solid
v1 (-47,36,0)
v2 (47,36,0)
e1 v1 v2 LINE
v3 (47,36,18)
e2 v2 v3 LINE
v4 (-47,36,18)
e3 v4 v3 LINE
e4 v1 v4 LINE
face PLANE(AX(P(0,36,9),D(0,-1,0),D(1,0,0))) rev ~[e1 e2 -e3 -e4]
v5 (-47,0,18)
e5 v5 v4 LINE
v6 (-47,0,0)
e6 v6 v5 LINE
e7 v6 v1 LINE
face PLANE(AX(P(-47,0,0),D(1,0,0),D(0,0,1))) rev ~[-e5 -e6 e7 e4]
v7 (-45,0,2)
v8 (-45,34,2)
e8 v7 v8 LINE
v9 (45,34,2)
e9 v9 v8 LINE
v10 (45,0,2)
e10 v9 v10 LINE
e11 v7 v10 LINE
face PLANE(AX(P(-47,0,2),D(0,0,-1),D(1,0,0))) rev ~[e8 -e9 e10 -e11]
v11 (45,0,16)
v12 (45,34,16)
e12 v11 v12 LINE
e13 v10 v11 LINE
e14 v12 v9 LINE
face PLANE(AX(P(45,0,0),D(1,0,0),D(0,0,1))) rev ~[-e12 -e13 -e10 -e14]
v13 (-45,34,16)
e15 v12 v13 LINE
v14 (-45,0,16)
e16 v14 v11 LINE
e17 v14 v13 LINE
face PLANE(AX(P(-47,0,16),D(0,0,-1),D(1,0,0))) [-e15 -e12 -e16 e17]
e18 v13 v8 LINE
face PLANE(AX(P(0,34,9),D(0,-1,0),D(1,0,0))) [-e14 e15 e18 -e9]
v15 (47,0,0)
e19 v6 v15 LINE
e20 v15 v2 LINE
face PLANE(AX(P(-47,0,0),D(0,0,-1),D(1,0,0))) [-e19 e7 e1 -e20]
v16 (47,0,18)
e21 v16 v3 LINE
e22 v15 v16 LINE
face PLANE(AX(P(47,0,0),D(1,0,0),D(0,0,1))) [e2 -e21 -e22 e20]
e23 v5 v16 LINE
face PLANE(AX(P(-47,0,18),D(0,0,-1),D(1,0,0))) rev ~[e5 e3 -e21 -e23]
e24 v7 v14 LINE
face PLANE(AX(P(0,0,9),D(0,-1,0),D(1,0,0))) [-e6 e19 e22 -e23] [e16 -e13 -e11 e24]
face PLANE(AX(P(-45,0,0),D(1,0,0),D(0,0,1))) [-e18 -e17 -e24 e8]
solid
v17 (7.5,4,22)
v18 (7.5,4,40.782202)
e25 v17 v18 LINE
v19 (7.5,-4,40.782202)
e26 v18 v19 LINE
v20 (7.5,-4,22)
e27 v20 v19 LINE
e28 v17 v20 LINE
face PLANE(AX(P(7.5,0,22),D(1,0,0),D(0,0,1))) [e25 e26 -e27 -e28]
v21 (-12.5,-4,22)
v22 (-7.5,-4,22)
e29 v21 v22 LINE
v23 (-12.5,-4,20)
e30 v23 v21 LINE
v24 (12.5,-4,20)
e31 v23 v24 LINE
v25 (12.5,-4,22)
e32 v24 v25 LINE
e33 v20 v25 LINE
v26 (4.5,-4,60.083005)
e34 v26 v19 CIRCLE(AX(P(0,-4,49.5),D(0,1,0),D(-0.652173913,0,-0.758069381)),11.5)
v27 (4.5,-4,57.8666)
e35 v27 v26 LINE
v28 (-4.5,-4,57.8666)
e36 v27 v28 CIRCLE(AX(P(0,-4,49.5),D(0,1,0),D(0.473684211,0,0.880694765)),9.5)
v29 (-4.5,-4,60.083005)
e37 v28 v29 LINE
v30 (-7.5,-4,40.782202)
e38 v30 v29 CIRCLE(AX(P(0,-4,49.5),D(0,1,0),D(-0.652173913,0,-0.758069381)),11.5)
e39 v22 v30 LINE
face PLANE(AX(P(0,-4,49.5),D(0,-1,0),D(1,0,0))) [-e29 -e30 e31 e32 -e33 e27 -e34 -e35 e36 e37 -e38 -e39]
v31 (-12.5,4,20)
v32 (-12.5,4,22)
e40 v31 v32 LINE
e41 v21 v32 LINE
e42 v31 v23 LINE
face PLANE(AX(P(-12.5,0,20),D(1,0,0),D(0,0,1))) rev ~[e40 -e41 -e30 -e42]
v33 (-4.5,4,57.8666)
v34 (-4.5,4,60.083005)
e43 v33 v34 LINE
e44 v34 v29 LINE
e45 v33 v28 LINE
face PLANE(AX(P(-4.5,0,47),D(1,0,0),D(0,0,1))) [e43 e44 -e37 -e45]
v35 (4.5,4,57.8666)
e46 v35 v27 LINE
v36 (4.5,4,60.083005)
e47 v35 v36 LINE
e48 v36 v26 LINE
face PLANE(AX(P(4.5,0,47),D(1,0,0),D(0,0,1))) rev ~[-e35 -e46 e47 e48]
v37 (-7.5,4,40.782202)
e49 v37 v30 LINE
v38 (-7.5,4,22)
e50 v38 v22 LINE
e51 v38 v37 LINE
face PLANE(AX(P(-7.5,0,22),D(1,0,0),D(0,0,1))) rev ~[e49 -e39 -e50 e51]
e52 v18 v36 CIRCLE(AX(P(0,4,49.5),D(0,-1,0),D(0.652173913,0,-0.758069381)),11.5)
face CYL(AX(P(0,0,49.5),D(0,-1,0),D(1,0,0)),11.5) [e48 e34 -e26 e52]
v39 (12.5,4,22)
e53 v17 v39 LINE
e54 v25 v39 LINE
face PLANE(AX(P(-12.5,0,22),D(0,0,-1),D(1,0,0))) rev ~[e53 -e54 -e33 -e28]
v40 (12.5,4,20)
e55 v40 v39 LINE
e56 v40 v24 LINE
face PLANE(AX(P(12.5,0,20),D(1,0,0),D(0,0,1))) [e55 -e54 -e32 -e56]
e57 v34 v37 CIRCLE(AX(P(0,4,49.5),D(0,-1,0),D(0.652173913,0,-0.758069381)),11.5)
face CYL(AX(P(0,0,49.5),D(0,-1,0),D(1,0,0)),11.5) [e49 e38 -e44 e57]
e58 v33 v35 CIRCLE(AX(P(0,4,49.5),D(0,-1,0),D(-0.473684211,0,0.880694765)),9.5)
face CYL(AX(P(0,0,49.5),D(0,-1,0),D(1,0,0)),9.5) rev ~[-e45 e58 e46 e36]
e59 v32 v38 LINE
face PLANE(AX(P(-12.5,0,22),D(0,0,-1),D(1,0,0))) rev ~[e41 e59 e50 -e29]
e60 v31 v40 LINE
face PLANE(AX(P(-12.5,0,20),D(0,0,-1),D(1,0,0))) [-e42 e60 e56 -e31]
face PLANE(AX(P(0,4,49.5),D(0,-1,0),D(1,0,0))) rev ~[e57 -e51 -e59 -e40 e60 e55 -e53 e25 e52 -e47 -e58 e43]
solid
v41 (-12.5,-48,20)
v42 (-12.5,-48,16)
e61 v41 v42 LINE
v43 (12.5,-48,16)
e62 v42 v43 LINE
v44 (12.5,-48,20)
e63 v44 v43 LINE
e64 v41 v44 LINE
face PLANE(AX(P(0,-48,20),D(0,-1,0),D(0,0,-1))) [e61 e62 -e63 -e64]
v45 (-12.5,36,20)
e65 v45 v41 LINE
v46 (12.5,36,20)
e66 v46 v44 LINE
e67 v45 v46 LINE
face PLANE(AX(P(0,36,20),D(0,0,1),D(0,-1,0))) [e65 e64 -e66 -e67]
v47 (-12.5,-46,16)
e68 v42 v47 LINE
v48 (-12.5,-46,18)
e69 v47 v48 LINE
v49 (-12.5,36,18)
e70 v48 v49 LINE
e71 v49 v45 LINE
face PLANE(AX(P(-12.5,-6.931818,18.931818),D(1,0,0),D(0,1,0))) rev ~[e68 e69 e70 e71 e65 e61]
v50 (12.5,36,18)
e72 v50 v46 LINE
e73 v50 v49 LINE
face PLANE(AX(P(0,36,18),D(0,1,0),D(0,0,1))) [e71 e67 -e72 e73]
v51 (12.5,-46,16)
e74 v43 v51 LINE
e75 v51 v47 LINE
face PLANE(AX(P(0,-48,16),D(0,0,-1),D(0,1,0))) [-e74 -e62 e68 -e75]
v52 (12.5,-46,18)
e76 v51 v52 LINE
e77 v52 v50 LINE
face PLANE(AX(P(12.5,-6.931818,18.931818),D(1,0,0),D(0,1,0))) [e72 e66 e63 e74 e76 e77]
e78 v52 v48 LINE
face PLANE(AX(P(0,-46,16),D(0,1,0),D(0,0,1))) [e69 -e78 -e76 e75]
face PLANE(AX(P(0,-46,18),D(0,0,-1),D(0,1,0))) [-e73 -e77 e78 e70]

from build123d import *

# Parameters (mm, degrees)
F0_W      = 94
F0_H      = 18
F1_DEPTH  = 36
F2_T      = -2
F4_DEPTH  = 12.5
F5_W      = 25
F5_H      = 2
F6_DEPTH  = 4
F7_W      = 15
F7_H      = 25
F8_DEPTH  = 4
F9_R      = 11.5
F10_DEPTH = 4
F11_R     = 9.5
F12_DEPTH = 17.7
F13_W     = 9
F13_H     = 25
F14_DEPTH = 12.5


with BuildPart() as f1:
    # F0 (on Front) → F1 (new body)
    with BuildSketch(Plane.XZ):
        with Locations((0, 9)):
            Rectangle(F0_W, F0_H)
    extrude(amount=-F1_DEPTH)

    # F2
    f2_openings = [f1.faces().sort_by_distance(p)[0] for p in [
        (0, 0, 9),
    ]]
    offset(amount=F2_T, openings=f2_openings)


with BuildPart() as f4:
    # F3 (on Right) → F4 (new body, symmetric)
    with BuildSketch(Plane.YZ):
        Polygon((0, 18), (36, 18), (36, 20), (-48, 20), (-48, 18), (-48, 16), (-46, 16), (-46, 17), (-46, 18), (-44.692099, 18), align=None)
    extrude(amount=F4_DEPTH, both=True)


with BuildPart() as f6:
    # F5 (on Front) → F6 (new body, symmetric)
    with BuildSketch(Plane.XZ):
        with Locations((0, 21)):
            Rectangle(F5_W, F5_H)
    extrude(amount=F6_DEPTH, both=True)

    # F7 (on Front) → F8 (join, symmetric)
    with BuildSketch(Plane.XZ):
        with Locations((0, 34.5)):
            Rectangle(F7_W, F7_H)
    extrude(amount=F8_DEPTH, both=True)

    # F9 (on Front) → F10 (join, symmetric)
    with BuildSketch(Plane.XZ):
        with Locations((0, 49.5)):
            Circle(F9_R)
    extrude(amount=F10_DEPTH, both=True)

    # F11 (on Front) → F12 (cut, symmetric)
    with BuildSketch(Plane.XZ):
        with Locations((0, 49.5)):
            Circle(F11_R)
    extrude(amount=F12_DEPTH, both=True, mode=Mode.SUBTRACT)

    # F13 (on Front) → F14 (cut, symmetric)
    with BuildSketch(Plane.XZ):
        with Locations((0, 59.5)):
            Rectangle(F13_W, F13_H)
    extrude(amount=F14_DEPTH, both=True, mode=Mode.SUBTRACT)


solid = Compound([f1.part, f4.part, f6.part])
